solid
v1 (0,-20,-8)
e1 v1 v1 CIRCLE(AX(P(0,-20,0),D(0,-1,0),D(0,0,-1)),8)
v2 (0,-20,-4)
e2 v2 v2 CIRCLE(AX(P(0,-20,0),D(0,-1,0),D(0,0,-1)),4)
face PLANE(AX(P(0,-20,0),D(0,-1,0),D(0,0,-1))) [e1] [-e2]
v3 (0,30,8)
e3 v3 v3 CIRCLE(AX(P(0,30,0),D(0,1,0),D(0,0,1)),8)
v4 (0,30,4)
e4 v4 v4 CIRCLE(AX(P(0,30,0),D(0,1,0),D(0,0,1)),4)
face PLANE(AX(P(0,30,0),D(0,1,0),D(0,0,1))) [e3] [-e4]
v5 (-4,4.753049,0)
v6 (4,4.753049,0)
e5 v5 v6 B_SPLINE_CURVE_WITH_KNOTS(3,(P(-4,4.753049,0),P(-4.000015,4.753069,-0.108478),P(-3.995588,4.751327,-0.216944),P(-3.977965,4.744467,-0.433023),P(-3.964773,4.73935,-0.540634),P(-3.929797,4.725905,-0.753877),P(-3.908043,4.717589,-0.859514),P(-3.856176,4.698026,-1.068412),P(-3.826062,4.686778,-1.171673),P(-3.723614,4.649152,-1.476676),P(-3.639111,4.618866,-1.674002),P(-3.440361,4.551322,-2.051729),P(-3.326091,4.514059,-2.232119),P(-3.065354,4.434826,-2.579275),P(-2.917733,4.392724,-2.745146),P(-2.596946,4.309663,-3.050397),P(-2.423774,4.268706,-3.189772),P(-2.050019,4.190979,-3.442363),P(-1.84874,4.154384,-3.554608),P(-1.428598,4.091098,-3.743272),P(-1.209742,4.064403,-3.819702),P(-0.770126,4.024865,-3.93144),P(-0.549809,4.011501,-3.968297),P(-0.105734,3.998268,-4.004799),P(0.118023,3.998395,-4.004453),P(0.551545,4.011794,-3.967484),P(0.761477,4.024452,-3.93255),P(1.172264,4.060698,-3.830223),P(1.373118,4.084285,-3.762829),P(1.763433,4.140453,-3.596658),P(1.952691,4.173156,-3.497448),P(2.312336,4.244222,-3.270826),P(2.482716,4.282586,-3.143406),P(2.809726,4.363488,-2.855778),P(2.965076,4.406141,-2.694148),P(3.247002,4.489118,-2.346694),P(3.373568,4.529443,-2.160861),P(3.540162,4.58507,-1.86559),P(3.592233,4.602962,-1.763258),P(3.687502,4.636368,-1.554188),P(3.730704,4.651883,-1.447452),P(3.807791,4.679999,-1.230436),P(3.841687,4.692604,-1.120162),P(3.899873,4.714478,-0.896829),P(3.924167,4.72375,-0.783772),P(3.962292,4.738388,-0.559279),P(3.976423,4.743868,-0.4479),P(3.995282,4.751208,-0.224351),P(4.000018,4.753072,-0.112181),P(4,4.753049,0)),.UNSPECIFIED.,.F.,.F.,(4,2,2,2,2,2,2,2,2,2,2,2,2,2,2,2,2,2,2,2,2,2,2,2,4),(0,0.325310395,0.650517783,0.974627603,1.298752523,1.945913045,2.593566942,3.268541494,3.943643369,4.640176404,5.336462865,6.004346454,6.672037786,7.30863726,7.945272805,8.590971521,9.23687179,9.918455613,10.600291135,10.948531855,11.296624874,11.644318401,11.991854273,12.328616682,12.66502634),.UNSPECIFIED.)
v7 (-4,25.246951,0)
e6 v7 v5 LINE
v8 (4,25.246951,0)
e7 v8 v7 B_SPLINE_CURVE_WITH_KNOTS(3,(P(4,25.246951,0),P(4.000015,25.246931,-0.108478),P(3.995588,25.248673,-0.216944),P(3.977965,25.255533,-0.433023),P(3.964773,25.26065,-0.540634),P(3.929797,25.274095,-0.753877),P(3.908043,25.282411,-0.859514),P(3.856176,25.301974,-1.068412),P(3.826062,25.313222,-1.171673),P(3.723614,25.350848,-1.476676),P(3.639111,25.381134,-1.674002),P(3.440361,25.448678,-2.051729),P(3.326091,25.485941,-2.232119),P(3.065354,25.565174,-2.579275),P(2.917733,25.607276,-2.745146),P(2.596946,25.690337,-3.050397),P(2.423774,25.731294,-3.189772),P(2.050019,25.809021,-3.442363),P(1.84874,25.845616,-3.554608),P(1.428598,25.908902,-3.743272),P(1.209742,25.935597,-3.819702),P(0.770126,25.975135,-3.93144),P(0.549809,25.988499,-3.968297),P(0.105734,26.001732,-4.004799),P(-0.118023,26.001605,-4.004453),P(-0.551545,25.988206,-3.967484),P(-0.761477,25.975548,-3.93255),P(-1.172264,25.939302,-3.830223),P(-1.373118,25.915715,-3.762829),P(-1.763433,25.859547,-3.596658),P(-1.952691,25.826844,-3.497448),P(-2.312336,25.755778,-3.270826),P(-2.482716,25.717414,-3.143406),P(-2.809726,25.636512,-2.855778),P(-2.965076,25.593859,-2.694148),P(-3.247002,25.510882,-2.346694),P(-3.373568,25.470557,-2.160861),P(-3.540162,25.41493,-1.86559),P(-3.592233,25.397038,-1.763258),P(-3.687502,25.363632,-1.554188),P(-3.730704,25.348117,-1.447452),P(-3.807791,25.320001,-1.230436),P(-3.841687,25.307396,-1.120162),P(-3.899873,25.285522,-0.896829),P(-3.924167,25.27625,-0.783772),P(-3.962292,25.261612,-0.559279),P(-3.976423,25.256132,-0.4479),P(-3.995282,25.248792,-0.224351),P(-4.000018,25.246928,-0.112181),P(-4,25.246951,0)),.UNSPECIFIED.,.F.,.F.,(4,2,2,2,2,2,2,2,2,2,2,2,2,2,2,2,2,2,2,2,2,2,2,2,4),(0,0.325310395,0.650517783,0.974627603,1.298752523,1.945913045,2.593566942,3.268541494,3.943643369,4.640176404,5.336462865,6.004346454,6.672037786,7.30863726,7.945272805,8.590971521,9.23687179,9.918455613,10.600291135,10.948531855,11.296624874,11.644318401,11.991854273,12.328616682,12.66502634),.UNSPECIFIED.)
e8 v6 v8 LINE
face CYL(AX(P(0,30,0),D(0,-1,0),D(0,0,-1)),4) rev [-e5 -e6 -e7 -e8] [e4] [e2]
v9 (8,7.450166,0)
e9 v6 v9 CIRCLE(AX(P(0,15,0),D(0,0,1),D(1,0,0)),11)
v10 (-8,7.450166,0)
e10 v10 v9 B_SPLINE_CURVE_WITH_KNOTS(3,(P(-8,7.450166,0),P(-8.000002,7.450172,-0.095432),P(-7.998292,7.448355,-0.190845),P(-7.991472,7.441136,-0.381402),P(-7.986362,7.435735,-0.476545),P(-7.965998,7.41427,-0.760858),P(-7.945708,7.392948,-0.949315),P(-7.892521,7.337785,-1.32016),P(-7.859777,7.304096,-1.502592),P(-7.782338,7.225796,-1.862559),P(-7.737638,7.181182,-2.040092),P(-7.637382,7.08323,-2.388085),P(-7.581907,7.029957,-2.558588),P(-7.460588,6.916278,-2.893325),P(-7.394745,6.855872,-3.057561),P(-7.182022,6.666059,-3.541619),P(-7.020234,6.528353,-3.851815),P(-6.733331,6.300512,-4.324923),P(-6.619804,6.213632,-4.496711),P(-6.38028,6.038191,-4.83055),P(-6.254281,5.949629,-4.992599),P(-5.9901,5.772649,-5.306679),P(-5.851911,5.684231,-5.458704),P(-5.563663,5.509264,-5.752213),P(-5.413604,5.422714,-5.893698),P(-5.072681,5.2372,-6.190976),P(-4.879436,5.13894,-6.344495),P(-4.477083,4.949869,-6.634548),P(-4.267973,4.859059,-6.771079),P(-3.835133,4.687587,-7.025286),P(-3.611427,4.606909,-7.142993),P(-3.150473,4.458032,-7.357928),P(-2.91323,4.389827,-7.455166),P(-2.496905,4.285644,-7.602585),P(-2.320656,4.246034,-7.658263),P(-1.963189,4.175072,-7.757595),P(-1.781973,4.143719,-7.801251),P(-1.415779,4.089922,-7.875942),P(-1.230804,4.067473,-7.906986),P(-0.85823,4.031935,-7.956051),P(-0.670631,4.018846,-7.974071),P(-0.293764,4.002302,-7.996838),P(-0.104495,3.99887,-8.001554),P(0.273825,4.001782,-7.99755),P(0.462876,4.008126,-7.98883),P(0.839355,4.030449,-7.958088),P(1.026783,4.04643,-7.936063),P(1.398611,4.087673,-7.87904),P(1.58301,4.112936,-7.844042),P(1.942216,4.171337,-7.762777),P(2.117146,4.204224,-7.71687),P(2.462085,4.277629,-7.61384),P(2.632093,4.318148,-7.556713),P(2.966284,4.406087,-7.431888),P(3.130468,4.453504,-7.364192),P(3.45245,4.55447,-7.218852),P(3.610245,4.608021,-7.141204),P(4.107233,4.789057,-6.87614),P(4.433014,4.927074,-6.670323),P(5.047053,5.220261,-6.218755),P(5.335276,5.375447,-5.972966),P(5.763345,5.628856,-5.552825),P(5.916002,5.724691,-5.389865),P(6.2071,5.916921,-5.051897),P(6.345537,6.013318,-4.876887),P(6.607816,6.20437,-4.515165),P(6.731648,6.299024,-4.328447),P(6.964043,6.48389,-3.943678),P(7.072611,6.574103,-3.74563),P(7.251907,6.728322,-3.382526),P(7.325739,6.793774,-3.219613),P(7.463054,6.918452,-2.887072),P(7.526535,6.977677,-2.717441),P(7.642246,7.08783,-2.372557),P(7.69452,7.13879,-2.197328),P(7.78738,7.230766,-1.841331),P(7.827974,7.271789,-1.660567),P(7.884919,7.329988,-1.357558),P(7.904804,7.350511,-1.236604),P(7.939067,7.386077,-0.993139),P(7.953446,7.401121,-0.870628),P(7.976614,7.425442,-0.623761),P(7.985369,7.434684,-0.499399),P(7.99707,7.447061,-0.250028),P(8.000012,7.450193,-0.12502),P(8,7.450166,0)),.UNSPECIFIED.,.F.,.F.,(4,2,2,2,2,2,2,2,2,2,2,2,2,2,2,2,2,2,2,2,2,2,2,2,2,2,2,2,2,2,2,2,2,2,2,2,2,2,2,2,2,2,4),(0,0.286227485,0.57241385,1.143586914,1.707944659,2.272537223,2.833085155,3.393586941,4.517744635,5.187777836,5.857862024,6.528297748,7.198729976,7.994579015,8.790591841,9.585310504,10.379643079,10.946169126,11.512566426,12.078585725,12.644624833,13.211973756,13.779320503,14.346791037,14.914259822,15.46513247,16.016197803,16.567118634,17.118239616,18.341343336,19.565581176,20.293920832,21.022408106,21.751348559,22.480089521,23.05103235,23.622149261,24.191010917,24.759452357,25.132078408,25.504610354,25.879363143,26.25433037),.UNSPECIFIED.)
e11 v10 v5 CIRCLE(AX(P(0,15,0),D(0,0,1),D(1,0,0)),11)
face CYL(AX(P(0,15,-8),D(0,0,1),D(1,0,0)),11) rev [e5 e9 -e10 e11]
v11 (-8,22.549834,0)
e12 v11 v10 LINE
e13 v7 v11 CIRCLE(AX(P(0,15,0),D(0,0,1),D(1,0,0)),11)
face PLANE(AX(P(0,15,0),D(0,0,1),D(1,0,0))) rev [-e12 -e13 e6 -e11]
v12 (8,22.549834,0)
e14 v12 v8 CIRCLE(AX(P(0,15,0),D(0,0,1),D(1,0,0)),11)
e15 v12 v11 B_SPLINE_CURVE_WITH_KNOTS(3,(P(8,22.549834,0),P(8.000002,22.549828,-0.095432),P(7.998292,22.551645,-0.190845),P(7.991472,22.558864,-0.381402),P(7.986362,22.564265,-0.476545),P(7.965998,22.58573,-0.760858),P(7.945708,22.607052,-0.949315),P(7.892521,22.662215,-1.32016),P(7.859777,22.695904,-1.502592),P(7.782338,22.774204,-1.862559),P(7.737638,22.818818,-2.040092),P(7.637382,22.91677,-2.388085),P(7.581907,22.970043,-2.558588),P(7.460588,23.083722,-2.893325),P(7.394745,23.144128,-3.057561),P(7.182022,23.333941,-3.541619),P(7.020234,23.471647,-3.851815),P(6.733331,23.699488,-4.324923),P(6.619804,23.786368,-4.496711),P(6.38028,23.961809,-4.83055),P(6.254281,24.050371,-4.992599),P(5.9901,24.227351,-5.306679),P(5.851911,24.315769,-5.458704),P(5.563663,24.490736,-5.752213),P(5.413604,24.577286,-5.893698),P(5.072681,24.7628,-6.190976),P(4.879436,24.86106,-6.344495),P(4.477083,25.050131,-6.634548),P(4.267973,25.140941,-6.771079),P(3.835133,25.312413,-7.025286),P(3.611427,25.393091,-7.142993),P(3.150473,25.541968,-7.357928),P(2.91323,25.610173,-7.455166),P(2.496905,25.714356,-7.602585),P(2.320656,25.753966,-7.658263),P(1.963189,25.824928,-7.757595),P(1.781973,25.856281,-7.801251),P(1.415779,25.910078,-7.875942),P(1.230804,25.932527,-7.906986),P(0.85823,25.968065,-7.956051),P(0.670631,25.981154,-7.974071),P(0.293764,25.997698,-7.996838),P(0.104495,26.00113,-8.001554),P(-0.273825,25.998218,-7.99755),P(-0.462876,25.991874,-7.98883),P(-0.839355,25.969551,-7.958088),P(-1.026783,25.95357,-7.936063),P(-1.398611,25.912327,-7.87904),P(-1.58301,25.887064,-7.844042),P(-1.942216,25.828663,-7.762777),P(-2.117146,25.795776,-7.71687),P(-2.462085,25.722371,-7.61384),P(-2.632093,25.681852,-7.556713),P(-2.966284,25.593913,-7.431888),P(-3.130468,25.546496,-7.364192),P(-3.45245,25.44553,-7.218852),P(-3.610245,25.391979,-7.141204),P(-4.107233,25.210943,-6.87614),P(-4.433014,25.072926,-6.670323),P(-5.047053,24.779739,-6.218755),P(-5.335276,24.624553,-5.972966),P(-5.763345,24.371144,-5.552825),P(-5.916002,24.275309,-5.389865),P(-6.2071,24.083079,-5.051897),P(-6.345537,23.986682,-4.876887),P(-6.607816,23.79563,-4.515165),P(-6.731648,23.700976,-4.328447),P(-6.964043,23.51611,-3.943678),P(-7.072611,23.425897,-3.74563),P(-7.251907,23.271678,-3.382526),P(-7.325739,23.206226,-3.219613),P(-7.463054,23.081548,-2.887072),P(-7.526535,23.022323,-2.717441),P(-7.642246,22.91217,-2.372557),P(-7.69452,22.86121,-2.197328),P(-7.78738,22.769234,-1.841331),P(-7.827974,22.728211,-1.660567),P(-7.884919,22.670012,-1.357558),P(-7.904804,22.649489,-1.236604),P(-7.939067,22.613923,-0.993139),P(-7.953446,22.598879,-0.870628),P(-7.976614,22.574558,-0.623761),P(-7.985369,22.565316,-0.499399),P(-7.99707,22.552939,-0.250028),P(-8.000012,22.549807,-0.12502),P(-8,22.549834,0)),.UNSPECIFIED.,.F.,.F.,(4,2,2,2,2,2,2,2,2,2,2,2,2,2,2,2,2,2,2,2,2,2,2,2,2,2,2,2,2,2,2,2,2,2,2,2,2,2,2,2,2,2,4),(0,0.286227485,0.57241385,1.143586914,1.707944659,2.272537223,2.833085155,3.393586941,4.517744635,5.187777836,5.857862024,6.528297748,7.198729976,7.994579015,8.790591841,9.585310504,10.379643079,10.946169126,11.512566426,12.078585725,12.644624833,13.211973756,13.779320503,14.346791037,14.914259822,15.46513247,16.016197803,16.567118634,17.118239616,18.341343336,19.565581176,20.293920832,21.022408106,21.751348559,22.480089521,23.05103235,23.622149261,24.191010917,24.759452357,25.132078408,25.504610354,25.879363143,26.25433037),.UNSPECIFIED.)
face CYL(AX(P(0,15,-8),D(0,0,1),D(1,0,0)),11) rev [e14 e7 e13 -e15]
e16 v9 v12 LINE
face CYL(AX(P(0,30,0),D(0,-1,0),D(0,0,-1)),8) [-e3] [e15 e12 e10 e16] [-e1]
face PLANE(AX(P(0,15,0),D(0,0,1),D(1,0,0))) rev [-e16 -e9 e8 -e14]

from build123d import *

# Parameters (mm, degrees)
ESQUISSE1_R             = 8
ESQUISSE1_R_2           = 4
BOSS_EXTRU_1_DEPTH      = 30
ESQUISSE2_R             = 11
ENL_V_MAT_EXTRU_1_DEPTH = 33.062439084
BOSS_EXTRU_2_START      = 20
ESQUISSE3_R             = 8
ESQUISSE3_R_2           = 4
BOSS_EXTRU_2_DEPTH      = 20


with BuildPart() as part:
    # Esquisse1 → Boss.-Extru.1 (new body)
    with BuildSketch(Plane(origin=(0, 0, 0), x_dir=(1, 0, 0), z_dir=(0, 1, 0))):
        with Locations(Location((0, 0, 0), (0, 0, 270))):
            Circle(ESQUISSE1_R)
        with Locations(Location((0, 0, 0), (0, 0, 270))):
            Circle(ESQUISSE1_R_2, mode=Mode.SUBTRACT)
    extrude(amount=BOSS_EXTRU_1_DEPTH)

    # Esquisse2 → Enlèv. mat.-Extru.1 (cut, through all)
    with BuildSketch(Plane.XY):
        with Locations((0, 15)):
            Circle(ESQUISSE2_R)
    extrude(amount=-ENL_V_MAT_EXTRU_1_DEPTH, mode=Mode.SUBTRACT)

    # Esquisse3 → Boss.-Extru.2 (add)
    with BuildSketch(Plane.XZ.offset(BOSS_EXTRU_2_START)):
        with Locations(Location((0, 0, 0), (0, 0, 270))):
            Circle(ESQUISSE3_R)
        with Locations(Location((0, 0, 0), (0, 0, 270))):
            Circle(ESQUISSE3_R_2, mode=Mode.SUBTRACT)
    extrude(amount=-BOSS_EXTRU_2_DEPTH)


solid = part.part
